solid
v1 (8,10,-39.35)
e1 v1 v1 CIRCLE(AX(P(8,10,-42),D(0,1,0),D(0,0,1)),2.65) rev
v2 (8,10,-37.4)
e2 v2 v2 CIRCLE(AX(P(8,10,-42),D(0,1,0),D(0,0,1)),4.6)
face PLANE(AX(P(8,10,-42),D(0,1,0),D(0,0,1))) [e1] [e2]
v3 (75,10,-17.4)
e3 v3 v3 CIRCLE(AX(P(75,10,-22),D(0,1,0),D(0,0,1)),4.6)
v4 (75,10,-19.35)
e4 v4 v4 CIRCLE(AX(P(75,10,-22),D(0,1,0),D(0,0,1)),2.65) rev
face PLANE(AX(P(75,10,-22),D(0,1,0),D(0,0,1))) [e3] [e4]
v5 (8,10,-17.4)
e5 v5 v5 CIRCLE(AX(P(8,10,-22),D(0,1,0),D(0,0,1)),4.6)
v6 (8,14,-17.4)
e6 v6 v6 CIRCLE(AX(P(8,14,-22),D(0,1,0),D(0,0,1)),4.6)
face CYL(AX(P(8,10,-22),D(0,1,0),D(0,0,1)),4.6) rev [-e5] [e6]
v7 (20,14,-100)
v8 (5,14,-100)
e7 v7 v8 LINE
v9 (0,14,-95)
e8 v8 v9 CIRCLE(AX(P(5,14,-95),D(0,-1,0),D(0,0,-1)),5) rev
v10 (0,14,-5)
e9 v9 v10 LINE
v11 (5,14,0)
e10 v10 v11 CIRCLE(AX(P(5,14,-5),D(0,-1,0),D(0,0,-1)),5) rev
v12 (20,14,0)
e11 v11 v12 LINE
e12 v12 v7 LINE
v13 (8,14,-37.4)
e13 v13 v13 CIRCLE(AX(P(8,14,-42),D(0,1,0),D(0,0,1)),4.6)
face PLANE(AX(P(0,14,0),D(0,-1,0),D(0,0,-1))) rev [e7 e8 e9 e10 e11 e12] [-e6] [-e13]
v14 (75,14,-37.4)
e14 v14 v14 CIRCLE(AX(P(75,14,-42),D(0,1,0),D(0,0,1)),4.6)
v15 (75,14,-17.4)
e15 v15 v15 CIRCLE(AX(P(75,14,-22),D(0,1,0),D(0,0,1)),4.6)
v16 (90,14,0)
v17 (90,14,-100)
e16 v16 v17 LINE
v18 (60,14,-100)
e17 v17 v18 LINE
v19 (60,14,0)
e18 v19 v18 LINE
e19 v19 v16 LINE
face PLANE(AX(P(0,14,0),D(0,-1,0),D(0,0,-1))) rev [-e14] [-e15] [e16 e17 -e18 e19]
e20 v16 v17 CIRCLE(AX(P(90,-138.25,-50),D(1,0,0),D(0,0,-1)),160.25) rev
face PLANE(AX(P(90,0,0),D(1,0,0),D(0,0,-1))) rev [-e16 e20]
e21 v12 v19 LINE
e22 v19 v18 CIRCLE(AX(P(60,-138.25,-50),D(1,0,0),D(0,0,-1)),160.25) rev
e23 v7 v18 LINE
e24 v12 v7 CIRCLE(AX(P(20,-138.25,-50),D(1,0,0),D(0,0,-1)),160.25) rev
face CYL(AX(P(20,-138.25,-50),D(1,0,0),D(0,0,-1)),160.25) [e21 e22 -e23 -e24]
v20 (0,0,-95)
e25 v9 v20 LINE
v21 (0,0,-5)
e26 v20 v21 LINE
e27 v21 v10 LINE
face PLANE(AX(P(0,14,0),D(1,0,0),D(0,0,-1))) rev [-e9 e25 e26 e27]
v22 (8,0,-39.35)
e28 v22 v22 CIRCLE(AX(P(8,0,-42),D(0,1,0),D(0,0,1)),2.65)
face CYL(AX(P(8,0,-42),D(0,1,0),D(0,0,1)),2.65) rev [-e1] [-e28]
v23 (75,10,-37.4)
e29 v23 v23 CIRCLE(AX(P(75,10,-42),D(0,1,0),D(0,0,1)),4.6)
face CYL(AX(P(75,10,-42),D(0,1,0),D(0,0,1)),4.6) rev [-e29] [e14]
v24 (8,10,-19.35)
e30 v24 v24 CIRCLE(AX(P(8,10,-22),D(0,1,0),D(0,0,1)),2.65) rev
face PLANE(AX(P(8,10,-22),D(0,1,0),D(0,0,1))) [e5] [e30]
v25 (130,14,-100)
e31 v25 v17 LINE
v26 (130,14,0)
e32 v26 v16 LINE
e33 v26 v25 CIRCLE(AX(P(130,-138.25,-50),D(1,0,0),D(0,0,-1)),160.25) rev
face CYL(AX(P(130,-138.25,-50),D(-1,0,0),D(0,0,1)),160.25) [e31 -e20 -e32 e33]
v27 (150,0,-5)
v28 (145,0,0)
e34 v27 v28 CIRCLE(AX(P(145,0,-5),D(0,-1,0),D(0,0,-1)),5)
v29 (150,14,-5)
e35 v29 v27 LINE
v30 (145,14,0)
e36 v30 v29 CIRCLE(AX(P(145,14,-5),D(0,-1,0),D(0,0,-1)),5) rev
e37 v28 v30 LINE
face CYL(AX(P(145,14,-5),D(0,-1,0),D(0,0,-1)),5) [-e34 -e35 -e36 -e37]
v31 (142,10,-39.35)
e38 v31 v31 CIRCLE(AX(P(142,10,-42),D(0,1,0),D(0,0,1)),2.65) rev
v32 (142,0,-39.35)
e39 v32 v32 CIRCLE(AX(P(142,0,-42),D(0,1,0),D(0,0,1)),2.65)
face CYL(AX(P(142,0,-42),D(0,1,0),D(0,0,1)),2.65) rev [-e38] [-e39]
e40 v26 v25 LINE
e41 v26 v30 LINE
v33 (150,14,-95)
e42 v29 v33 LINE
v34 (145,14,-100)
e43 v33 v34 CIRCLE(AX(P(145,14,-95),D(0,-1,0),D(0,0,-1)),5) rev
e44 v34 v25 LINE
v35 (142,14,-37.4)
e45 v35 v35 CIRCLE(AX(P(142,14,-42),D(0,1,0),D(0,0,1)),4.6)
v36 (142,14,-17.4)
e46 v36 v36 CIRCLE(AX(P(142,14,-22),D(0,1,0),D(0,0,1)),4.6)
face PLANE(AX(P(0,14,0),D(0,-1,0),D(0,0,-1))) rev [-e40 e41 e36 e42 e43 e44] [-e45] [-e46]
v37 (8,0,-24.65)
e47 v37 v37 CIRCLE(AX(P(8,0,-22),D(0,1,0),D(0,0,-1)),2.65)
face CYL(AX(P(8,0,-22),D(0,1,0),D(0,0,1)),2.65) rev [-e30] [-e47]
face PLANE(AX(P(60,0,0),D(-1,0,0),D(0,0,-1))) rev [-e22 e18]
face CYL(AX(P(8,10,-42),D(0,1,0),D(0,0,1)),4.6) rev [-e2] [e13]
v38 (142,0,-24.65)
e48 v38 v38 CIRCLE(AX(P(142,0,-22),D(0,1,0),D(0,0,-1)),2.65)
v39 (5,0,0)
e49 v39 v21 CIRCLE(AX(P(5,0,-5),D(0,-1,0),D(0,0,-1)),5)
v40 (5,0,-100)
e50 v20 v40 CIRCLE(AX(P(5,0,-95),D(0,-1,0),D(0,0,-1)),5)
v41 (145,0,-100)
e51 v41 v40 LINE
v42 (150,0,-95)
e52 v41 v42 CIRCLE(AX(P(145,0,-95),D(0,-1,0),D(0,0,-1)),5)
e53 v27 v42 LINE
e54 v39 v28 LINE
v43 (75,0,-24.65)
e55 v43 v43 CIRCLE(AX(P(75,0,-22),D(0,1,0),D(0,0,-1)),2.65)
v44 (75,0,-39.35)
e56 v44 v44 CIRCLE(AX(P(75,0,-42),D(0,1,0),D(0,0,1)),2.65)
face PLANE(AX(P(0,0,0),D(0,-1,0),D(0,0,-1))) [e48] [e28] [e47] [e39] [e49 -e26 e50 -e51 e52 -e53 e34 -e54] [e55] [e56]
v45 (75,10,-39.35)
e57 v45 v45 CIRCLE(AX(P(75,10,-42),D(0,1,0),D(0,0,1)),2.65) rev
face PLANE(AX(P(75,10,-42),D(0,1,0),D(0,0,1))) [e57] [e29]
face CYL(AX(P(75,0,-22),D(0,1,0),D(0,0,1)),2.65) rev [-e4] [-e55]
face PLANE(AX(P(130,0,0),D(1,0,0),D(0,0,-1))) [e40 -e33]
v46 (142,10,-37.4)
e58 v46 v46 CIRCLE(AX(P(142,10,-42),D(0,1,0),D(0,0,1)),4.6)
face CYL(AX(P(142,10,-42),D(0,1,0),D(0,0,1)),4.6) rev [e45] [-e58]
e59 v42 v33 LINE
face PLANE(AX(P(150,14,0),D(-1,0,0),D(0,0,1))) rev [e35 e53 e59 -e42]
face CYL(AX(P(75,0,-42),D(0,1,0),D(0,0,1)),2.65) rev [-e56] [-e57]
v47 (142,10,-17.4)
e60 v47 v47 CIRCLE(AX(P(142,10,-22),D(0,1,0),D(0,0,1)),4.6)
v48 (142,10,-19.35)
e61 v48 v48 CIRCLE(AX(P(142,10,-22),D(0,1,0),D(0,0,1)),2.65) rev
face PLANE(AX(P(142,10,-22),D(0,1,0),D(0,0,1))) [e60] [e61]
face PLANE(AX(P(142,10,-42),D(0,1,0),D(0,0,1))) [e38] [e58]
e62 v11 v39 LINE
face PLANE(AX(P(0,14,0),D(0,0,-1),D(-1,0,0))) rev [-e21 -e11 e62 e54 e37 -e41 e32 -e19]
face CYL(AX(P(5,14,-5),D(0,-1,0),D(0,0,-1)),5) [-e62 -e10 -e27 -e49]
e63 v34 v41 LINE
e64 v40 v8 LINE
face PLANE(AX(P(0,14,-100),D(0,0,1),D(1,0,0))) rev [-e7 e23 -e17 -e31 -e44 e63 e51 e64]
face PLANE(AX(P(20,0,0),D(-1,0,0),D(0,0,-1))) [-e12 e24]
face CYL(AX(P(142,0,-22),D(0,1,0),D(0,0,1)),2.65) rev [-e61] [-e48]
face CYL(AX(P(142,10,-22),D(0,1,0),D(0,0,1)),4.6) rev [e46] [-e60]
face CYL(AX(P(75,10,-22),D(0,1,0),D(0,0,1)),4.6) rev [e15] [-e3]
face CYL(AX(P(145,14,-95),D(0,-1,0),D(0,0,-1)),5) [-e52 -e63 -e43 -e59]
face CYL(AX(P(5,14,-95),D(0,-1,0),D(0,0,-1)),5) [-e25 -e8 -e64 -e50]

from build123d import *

# Parameters (mm, degrees)
SKETCH1_W           = 150
SKETCH1_H           = 100
BOSS_EXTRUDE1_DEPTH = 14
SKETCH2_R           = 2.65
CUT_EXTRUDE1_DEPTH  = 15
SKETCH4_R           = 4.6
CUT_EXTRUDE2_DEPTH  = 4
BOSS_EXTRUDE3_START = 15
BOSS_EXTRUDE3_DEPTH = 40
FILLET1_R           = 5


with BuildPart() as part:
    # Sketch1 → Boss-Extrude1 (new body)
    with BuildSketch(Plane(origin=(0, 0, 0), x_dir=(1, 0, 0), z_dir=(0, 1, 0))):
        with Locations((75, 50)):
            Rectangle(SKETCH1_W, SKETCH1_H)
    extrude(amount=BOSS_EXTRUDE1_DEPTH)

    # Sketch2 → Cut-Extrude1 (cut, through all)
    with BuildSketch(Plane(origin=(0, 14, 0), x_dir=(1, 0, 0), z_dir=(0, 1, 0))):
        with Locations((8, 42)):
            Circle(SKETCH2_R)
        with Locations((142, 42)):
            Circle(SKETCH2_R)
        with Locations((75, 42)):
            Circle(SKETCH2_R)
        with Locations((142, 22)):
            Circle(SKETCH2_R)
        with Locations((75, 22)):
            Circle(SKETCH2_R)
        with Locations((8, 22)):
            Circle(SKETCH2_R)
    extrude(amount=-CUT_EXTRUDE1_DEPTH, mode=Mode.SUBTRACT)

    # Sketch4 → Cut-Extrude2 (cut)
    with BuildSketch(Plane(origin=(0, 14, 0), x_dir=(1, 0, 0), z_dir=(0, 1, 0))):
        with Locations((8, 42)):
            Circle(SKETCH4_R)
        with Locations((75, 42)):
            Circle(SKETCH4_R)
        with Locations((142, 42)):
            Circle(SKETCH4_R)
        with Locations((8, 22)):
            Circle(SKETCH4_R)
        with Locations((75, 22)):
            Circle(SKETCH4_R)
        with Locations((142, 22)):
            Circle(SKETCH4_R)
    extrude(amount=-CUT_EXTRUDE2_DEPTH, mode=Mode.SUBTRACT)

    # Sketch6 → Boss-Extrude3 (add)
    with BuildSketch(Plane(origin=(75, 0, 0), x_dir=(0, 0, -1), z_dir=(1, 0, 0)).offset(BOSS_EXTRUDE3_START)):
        with BuildLine():
            Line((0, 14), (100, 14))
            ThreePointArc((100, 14), (50, 22), (0, 14))
        make_face()
    boss_extrude3 = extrude(amount=BOSS_EXTRUDE3_DEPTH)

    # Mirror1: Boss-Extrude3 across plane
    add(boss_extrude3.mirror(Plane(origin=(75, 0, 0), x_dir=(0, 0, 1), z_dir=(1, 0, 0))))

    # Fillet1
    fillet1_edges = [part.edges().sort_by_distance(p)[0] for p in [
        (0, 7, -100),
        (150, 7, -100),
        (150, 7, 0),
        (0, 7, 0),
    ]]
    fillet(fillet1_edges, radius=FILLET1_R)


solid = part.part
